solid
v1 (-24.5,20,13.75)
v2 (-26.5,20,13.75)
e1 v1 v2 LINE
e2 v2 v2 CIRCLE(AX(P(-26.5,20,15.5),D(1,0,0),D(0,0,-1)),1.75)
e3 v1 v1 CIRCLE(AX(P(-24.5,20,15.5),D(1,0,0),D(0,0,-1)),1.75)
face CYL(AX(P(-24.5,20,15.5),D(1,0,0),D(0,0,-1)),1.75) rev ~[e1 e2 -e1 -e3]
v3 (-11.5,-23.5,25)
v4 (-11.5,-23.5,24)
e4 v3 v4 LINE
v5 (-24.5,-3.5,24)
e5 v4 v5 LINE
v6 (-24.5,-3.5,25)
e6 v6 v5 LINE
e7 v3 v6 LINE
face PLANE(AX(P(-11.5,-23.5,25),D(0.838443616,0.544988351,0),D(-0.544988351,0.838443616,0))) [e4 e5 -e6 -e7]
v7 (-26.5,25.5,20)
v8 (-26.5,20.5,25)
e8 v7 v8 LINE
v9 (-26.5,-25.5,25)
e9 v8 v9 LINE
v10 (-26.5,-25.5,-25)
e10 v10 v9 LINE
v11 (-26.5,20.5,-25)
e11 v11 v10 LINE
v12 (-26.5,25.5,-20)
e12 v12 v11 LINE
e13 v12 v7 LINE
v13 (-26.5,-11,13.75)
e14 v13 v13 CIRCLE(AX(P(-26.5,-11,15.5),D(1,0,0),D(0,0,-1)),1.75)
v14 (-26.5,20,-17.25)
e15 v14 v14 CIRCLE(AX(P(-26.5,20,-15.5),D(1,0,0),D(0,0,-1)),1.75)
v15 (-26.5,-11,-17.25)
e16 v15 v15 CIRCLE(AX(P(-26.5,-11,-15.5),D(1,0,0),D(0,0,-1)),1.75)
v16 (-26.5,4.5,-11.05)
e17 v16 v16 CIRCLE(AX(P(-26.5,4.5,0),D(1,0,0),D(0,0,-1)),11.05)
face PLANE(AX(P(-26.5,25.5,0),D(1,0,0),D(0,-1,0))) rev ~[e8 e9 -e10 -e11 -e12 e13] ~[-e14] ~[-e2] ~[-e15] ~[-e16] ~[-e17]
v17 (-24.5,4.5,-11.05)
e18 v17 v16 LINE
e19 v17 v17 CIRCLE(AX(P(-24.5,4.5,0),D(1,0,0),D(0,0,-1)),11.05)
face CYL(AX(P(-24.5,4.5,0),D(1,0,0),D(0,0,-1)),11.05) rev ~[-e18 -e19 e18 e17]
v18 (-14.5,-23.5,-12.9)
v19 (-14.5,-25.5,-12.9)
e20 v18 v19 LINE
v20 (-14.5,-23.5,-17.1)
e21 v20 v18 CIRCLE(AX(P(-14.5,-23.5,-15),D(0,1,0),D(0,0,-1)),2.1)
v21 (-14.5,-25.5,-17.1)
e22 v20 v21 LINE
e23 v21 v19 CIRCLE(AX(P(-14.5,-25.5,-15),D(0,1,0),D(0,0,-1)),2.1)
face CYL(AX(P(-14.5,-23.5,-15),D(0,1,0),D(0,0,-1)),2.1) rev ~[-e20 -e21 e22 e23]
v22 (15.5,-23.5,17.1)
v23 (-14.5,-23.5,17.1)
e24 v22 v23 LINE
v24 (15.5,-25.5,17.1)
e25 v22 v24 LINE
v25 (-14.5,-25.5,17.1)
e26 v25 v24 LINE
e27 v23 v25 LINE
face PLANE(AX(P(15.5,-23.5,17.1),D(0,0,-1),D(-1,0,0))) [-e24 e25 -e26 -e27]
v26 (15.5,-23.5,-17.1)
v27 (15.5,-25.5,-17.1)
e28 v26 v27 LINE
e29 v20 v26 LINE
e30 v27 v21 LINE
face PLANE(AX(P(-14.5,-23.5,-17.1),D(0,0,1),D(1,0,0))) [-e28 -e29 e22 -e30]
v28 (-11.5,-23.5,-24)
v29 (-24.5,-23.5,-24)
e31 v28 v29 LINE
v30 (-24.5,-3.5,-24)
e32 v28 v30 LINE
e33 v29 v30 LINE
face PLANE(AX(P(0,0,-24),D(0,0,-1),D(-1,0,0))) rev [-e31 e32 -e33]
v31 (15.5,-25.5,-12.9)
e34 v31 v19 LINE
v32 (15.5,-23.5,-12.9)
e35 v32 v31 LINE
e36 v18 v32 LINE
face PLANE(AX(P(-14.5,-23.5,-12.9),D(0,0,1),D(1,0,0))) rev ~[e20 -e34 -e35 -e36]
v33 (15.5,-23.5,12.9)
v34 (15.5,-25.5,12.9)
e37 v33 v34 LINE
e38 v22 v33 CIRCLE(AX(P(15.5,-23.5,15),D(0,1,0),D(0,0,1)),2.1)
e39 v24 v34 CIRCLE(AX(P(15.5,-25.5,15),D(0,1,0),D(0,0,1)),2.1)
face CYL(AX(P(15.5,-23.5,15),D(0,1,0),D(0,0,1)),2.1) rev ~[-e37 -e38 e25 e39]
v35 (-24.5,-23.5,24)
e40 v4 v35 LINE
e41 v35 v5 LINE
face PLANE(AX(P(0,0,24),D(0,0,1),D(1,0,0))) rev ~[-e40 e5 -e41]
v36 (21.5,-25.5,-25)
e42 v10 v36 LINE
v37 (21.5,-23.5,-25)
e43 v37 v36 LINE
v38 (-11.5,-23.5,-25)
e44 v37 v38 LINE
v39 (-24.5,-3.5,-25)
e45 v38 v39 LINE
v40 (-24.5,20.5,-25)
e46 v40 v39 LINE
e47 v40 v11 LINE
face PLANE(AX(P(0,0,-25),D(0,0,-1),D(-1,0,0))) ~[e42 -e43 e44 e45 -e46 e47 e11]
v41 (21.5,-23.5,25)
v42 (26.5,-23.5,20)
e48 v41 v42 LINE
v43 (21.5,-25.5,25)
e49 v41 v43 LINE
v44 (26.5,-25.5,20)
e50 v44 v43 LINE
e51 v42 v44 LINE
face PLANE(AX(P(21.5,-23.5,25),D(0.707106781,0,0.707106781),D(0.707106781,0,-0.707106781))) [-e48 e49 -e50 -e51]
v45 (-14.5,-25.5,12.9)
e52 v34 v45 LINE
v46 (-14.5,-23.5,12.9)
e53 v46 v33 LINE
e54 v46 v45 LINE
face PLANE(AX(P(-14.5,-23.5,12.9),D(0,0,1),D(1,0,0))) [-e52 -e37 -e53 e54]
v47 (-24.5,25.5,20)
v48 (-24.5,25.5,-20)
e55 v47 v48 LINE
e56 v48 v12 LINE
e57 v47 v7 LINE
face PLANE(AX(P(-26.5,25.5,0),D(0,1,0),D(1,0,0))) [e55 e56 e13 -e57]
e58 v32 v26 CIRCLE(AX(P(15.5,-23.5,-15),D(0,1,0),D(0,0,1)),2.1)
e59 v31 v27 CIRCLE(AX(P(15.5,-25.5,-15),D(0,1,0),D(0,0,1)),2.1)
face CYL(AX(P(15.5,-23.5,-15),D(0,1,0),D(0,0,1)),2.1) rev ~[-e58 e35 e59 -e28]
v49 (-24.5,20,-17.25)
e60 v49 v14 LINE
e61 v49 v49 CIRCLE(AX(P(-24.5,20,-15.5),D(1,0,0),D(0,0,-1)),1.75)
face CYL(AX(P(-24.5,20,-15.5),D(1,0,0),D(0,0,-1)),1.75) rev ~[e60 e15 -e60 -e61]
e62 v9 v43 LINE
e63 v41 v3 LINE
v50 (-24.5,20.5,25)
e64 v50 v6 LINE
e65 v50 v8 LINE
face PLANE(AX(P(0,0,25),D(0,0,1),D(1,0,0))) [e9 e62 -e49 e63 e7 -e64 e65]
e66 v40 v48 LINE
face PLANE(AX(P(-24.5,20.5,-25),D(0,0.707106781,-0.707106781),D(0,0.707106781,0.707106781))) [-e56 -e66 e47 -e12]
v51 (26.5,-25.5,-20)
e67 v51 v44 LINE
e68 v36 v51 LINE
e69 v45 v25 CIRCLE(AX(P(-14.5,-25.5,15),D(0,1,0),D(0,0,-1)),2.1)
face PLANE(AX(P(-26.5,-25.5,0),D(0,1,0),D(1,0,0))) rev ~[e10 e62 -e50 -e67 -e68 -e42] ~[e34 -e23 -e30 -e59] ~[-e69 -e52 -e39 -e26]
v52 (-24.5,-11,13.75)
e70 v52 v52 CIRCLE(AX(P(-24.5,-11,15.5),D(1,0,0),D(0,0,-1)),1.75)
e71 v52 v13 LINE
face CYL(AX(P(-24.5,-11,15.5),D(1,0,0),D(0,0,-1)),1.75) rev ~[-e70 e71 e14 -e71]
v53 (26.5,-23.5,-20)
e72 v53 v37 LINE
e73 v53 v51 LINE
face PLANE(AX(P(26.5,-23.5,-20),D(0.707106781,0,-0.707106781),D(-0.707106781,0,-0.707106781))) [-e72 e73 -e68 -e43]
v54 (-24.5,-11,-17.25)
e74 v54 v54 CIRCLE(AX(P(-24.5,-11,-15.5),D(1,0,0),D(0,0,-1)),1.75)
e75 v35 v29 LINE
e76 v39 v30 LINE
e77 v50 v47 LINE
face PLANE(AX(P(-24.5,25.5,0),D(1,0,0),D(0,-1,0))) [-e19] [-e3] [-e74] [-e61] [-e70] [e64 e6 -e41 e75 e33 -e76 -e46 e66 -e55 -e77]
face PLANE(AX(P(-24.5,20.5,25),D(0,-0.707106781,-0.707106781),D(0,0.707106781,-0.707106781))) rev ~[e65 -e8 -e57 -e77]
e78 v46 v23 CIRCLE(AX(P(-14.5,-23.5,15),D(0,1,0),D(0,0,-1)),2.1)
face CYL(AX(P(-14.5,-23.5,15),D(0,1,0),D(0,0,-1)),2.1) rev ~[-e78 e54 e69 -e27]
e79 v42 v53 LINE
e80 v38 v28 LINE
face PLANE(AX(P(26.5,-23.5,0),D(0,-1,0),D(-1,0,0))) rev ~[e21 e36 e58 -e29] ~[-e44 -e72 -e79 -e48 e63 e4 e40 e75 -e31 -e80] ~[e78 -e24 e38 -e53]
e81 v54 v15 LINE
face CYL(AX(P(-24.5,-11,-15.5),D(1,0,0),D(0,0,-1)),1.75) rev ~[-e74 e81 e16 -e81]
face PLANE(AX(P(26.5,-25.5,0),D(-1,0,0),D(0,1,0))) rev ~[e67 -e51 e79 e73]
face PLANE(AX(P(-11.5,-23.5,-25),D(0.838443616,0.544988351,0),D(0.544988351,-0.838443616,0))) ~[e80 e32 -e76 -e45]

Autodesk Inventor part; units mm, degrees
ref_plane "YZ Plane" through (0, 0, 0) normal (1, 0, 0) x (0, 1, 0)
ref_plane "XZ Plane" through (0, 0, 0) normal (0, 1, 0) x (-1, 0, 0)
ref_plane "XY Plane" through (0, 0, 0) normal (0, 0, 1) x (1, 0, 0)
sketch "Sketch1" plane through (0, 0, 0) normal (0, 0, 1) x (1, 0, 0)
  line L0 (-26.5, 25.5) -> (-24.5, 25.5)
  line L1 (-24.5, 25.5) -> (-24.5, -23.5)
  line L2 (-26.5, -25.5) -> (26.5, -25.5)
  line L3 (26.5, -25.5) -> (26.5, -23.5)
  line L4 (26.5, -23.5) -> (-24.5, -23.5)
  line L5 (-26.5, 25.5) -> (-26.5, -25.5)
  point P0 (0, 0)
  point P1 (-26.5, 0)
  point P2 (0, -25.5)
  dimension "d1" = 51
  dimension "d2" = 2
  dimension "d4" = 2
  dimension "d5" = 53
extrude "Extrusion1" add sketch "Sketch1" along normal mid plane 50
sketch "Sketch2" plane through (-24.5, -23.5, 25) normal (1, 0, 0) x (0, 0, -1)
  circle A0 centre (25, 28) radius 11.05
  circle A1 centre (9.5, 43.5) radius 1.75
  circle A2 centre (40.5, 43.5) radius 1.75
  circle A3 centre (9.5, 12.5) radius 1.75
  circle A4 centre (40.5, 12.5) radius 1.75
  line L0 (0, 49) -> (50, 49) projected
  line L1 (9.5, 43.5) -> (40.5, 43.5) construction
  line L2 (9.5, 43.5) -> (9.5, 12.5) construction
  point P0 (25, 23.5)
  point P1 (25, 43.5)
  point P2 (9.5, 28)
  dimension "d8" = 22.1
  dimension "d9" = 3.5
  dimension "d10" = 31
  dimension "d11" = 31
  dimension "d12" = 21
extrude "Extrusion2" cut sketch "Sketch2" against normal up to next
sketch "Sketch3" plane through (-24.5, -23.5, 25) normal (1, 0, 0) x (0, 0, -1)
  line L0 (0, 44) -> (5, 49)
  line L1 (50, 49) -> (0, 49) projected
  line L2 (25, 22.7162) -> (25, 49) construction
  line L3 (50, 44) -> (45, 49)
  line L4 (0, 0) -> (0, 49) projected
  line L5 (50, 49) -> (50, 0) projected
  line L6 (0, 49) -> (50, 49) projected
  line L7 (45, 49) -> (50, 49)
  line L8 (50, 49) -> (50, 44)
  line L9 (5, 49) -> (0, 49)
  line L10 (0, 44) -> (0, 49)
  point P0 (25, 23.5)
  dimension "d15" = 45
  dimension "d16" = 5
extrude "Extrusion3" cut sketch "Sketch3" against normal up to next
sketch "Sketch4" plane through (-24.5, -23.5, 25) normal (0, 1, 0) x (1, 0, 0)
  arc A0 (10, 12.1) -> (10, 7.9) centre (10, 10) ccw
  arc A1 (10, 42.1) -> (10, 37.9) centre (10, 40) ccw
  arc A2 (40, 7.9) -> (40, 12.1) centre (40, 10) ccw
  arc A3 (40, 37.9) -> (40, 42.1) centre (40, 40) ccw
  line L0 (40, 7.9) -> (10, 7.9)
  line L1 (10, 12.1) -> (40, 12.1)
  line L2 (10, 37.9) -> (40, 37.9)
  line L3 (10, 42.1) -> (40, 42.1)
  line L4 (10, 10) -> (10, 40) construction
  line L5 (51, 50) -> (51, 0) projected
  point P0 (24.5, 25)
  point P1 (10, 25)
  dimension "d19" = 4.2
  dimension "d20" = 30
  dimension "d21" = 30
  dimension "d22" = 4.2
  dimension "d23" = 11
extrude "Extrusion4" cut sketch "Sketch4" against normal up to next
sketch "Sketch5" plane through (-24.5, -23.5, 25) normal (0, 1, 0) x (1, 0, 0)
  line L0 (10, 12.1) -> (40, 12.1) projected
  arc A0 (40, 7.9) -> (40, 12.1) centre (40, 10) ccw projected
  line L1 (40, 7.9) -> (10, 7.9) projected
  arc A1 (10, 12.1) -> (10, 7.9) centre (10, 10) ccw projected
  line L2 (40, 37.9) -> (10, 37.9) projected
  arc A2 (10, 42.1) -> (10, 37.9) centre (10, 40) ccw projected
  line L3 (10, 42.1) -> (40, 42.1) projected
  arc A3 (40, 37.9) -> (40, 42.1) centre (40, 40) ccw projected
  line L4 (0, 50) -> (0, 0) projected
  line L5 (51, 0) -> (0, 0) projected
  line L6 (51, 50) -> (51, 0) projected
  line L7 (0, 50) -> (51, 50) projected
  line L8 (46, 0) -> (51, 5)
  line L9 (51, 45) -> (46, 50)
  line L10 (51, 50) -> (-2, 50) projected
  point P0 (24.5, 25)
  dimension "d26" = 5
  dimension "d27" = 5
extrude "Extrusion5" cut sketch "Sketch5" against normal up to next contours L7 L6 L9 | L8 L6 L5
sketch "Sketch6" plane through (0, 0, 25) normal (0, 0, 1) x (1, 0, 0)
  line L0 (-11.5, -23.5) -> (-24.5, -3.5)
  line L1 (-11.5, -23.5) -> (-24.5, -23.5)
  line L2 (-24.5, -23.5) -> (-24.5, -3.5)
  point P0 (0, 0)
  dimension "d30" = 13
  dimension "d31" = 20
extrude "Extrusion6" add sketch "Sketch6" against normal blind 1
mirror "Mirror1" about plane through (0, 0, 0) normal (0, 0, 1) of "Extrusion6"
equation "\"d22\" = d19"
properties part number "mount-extruder"
